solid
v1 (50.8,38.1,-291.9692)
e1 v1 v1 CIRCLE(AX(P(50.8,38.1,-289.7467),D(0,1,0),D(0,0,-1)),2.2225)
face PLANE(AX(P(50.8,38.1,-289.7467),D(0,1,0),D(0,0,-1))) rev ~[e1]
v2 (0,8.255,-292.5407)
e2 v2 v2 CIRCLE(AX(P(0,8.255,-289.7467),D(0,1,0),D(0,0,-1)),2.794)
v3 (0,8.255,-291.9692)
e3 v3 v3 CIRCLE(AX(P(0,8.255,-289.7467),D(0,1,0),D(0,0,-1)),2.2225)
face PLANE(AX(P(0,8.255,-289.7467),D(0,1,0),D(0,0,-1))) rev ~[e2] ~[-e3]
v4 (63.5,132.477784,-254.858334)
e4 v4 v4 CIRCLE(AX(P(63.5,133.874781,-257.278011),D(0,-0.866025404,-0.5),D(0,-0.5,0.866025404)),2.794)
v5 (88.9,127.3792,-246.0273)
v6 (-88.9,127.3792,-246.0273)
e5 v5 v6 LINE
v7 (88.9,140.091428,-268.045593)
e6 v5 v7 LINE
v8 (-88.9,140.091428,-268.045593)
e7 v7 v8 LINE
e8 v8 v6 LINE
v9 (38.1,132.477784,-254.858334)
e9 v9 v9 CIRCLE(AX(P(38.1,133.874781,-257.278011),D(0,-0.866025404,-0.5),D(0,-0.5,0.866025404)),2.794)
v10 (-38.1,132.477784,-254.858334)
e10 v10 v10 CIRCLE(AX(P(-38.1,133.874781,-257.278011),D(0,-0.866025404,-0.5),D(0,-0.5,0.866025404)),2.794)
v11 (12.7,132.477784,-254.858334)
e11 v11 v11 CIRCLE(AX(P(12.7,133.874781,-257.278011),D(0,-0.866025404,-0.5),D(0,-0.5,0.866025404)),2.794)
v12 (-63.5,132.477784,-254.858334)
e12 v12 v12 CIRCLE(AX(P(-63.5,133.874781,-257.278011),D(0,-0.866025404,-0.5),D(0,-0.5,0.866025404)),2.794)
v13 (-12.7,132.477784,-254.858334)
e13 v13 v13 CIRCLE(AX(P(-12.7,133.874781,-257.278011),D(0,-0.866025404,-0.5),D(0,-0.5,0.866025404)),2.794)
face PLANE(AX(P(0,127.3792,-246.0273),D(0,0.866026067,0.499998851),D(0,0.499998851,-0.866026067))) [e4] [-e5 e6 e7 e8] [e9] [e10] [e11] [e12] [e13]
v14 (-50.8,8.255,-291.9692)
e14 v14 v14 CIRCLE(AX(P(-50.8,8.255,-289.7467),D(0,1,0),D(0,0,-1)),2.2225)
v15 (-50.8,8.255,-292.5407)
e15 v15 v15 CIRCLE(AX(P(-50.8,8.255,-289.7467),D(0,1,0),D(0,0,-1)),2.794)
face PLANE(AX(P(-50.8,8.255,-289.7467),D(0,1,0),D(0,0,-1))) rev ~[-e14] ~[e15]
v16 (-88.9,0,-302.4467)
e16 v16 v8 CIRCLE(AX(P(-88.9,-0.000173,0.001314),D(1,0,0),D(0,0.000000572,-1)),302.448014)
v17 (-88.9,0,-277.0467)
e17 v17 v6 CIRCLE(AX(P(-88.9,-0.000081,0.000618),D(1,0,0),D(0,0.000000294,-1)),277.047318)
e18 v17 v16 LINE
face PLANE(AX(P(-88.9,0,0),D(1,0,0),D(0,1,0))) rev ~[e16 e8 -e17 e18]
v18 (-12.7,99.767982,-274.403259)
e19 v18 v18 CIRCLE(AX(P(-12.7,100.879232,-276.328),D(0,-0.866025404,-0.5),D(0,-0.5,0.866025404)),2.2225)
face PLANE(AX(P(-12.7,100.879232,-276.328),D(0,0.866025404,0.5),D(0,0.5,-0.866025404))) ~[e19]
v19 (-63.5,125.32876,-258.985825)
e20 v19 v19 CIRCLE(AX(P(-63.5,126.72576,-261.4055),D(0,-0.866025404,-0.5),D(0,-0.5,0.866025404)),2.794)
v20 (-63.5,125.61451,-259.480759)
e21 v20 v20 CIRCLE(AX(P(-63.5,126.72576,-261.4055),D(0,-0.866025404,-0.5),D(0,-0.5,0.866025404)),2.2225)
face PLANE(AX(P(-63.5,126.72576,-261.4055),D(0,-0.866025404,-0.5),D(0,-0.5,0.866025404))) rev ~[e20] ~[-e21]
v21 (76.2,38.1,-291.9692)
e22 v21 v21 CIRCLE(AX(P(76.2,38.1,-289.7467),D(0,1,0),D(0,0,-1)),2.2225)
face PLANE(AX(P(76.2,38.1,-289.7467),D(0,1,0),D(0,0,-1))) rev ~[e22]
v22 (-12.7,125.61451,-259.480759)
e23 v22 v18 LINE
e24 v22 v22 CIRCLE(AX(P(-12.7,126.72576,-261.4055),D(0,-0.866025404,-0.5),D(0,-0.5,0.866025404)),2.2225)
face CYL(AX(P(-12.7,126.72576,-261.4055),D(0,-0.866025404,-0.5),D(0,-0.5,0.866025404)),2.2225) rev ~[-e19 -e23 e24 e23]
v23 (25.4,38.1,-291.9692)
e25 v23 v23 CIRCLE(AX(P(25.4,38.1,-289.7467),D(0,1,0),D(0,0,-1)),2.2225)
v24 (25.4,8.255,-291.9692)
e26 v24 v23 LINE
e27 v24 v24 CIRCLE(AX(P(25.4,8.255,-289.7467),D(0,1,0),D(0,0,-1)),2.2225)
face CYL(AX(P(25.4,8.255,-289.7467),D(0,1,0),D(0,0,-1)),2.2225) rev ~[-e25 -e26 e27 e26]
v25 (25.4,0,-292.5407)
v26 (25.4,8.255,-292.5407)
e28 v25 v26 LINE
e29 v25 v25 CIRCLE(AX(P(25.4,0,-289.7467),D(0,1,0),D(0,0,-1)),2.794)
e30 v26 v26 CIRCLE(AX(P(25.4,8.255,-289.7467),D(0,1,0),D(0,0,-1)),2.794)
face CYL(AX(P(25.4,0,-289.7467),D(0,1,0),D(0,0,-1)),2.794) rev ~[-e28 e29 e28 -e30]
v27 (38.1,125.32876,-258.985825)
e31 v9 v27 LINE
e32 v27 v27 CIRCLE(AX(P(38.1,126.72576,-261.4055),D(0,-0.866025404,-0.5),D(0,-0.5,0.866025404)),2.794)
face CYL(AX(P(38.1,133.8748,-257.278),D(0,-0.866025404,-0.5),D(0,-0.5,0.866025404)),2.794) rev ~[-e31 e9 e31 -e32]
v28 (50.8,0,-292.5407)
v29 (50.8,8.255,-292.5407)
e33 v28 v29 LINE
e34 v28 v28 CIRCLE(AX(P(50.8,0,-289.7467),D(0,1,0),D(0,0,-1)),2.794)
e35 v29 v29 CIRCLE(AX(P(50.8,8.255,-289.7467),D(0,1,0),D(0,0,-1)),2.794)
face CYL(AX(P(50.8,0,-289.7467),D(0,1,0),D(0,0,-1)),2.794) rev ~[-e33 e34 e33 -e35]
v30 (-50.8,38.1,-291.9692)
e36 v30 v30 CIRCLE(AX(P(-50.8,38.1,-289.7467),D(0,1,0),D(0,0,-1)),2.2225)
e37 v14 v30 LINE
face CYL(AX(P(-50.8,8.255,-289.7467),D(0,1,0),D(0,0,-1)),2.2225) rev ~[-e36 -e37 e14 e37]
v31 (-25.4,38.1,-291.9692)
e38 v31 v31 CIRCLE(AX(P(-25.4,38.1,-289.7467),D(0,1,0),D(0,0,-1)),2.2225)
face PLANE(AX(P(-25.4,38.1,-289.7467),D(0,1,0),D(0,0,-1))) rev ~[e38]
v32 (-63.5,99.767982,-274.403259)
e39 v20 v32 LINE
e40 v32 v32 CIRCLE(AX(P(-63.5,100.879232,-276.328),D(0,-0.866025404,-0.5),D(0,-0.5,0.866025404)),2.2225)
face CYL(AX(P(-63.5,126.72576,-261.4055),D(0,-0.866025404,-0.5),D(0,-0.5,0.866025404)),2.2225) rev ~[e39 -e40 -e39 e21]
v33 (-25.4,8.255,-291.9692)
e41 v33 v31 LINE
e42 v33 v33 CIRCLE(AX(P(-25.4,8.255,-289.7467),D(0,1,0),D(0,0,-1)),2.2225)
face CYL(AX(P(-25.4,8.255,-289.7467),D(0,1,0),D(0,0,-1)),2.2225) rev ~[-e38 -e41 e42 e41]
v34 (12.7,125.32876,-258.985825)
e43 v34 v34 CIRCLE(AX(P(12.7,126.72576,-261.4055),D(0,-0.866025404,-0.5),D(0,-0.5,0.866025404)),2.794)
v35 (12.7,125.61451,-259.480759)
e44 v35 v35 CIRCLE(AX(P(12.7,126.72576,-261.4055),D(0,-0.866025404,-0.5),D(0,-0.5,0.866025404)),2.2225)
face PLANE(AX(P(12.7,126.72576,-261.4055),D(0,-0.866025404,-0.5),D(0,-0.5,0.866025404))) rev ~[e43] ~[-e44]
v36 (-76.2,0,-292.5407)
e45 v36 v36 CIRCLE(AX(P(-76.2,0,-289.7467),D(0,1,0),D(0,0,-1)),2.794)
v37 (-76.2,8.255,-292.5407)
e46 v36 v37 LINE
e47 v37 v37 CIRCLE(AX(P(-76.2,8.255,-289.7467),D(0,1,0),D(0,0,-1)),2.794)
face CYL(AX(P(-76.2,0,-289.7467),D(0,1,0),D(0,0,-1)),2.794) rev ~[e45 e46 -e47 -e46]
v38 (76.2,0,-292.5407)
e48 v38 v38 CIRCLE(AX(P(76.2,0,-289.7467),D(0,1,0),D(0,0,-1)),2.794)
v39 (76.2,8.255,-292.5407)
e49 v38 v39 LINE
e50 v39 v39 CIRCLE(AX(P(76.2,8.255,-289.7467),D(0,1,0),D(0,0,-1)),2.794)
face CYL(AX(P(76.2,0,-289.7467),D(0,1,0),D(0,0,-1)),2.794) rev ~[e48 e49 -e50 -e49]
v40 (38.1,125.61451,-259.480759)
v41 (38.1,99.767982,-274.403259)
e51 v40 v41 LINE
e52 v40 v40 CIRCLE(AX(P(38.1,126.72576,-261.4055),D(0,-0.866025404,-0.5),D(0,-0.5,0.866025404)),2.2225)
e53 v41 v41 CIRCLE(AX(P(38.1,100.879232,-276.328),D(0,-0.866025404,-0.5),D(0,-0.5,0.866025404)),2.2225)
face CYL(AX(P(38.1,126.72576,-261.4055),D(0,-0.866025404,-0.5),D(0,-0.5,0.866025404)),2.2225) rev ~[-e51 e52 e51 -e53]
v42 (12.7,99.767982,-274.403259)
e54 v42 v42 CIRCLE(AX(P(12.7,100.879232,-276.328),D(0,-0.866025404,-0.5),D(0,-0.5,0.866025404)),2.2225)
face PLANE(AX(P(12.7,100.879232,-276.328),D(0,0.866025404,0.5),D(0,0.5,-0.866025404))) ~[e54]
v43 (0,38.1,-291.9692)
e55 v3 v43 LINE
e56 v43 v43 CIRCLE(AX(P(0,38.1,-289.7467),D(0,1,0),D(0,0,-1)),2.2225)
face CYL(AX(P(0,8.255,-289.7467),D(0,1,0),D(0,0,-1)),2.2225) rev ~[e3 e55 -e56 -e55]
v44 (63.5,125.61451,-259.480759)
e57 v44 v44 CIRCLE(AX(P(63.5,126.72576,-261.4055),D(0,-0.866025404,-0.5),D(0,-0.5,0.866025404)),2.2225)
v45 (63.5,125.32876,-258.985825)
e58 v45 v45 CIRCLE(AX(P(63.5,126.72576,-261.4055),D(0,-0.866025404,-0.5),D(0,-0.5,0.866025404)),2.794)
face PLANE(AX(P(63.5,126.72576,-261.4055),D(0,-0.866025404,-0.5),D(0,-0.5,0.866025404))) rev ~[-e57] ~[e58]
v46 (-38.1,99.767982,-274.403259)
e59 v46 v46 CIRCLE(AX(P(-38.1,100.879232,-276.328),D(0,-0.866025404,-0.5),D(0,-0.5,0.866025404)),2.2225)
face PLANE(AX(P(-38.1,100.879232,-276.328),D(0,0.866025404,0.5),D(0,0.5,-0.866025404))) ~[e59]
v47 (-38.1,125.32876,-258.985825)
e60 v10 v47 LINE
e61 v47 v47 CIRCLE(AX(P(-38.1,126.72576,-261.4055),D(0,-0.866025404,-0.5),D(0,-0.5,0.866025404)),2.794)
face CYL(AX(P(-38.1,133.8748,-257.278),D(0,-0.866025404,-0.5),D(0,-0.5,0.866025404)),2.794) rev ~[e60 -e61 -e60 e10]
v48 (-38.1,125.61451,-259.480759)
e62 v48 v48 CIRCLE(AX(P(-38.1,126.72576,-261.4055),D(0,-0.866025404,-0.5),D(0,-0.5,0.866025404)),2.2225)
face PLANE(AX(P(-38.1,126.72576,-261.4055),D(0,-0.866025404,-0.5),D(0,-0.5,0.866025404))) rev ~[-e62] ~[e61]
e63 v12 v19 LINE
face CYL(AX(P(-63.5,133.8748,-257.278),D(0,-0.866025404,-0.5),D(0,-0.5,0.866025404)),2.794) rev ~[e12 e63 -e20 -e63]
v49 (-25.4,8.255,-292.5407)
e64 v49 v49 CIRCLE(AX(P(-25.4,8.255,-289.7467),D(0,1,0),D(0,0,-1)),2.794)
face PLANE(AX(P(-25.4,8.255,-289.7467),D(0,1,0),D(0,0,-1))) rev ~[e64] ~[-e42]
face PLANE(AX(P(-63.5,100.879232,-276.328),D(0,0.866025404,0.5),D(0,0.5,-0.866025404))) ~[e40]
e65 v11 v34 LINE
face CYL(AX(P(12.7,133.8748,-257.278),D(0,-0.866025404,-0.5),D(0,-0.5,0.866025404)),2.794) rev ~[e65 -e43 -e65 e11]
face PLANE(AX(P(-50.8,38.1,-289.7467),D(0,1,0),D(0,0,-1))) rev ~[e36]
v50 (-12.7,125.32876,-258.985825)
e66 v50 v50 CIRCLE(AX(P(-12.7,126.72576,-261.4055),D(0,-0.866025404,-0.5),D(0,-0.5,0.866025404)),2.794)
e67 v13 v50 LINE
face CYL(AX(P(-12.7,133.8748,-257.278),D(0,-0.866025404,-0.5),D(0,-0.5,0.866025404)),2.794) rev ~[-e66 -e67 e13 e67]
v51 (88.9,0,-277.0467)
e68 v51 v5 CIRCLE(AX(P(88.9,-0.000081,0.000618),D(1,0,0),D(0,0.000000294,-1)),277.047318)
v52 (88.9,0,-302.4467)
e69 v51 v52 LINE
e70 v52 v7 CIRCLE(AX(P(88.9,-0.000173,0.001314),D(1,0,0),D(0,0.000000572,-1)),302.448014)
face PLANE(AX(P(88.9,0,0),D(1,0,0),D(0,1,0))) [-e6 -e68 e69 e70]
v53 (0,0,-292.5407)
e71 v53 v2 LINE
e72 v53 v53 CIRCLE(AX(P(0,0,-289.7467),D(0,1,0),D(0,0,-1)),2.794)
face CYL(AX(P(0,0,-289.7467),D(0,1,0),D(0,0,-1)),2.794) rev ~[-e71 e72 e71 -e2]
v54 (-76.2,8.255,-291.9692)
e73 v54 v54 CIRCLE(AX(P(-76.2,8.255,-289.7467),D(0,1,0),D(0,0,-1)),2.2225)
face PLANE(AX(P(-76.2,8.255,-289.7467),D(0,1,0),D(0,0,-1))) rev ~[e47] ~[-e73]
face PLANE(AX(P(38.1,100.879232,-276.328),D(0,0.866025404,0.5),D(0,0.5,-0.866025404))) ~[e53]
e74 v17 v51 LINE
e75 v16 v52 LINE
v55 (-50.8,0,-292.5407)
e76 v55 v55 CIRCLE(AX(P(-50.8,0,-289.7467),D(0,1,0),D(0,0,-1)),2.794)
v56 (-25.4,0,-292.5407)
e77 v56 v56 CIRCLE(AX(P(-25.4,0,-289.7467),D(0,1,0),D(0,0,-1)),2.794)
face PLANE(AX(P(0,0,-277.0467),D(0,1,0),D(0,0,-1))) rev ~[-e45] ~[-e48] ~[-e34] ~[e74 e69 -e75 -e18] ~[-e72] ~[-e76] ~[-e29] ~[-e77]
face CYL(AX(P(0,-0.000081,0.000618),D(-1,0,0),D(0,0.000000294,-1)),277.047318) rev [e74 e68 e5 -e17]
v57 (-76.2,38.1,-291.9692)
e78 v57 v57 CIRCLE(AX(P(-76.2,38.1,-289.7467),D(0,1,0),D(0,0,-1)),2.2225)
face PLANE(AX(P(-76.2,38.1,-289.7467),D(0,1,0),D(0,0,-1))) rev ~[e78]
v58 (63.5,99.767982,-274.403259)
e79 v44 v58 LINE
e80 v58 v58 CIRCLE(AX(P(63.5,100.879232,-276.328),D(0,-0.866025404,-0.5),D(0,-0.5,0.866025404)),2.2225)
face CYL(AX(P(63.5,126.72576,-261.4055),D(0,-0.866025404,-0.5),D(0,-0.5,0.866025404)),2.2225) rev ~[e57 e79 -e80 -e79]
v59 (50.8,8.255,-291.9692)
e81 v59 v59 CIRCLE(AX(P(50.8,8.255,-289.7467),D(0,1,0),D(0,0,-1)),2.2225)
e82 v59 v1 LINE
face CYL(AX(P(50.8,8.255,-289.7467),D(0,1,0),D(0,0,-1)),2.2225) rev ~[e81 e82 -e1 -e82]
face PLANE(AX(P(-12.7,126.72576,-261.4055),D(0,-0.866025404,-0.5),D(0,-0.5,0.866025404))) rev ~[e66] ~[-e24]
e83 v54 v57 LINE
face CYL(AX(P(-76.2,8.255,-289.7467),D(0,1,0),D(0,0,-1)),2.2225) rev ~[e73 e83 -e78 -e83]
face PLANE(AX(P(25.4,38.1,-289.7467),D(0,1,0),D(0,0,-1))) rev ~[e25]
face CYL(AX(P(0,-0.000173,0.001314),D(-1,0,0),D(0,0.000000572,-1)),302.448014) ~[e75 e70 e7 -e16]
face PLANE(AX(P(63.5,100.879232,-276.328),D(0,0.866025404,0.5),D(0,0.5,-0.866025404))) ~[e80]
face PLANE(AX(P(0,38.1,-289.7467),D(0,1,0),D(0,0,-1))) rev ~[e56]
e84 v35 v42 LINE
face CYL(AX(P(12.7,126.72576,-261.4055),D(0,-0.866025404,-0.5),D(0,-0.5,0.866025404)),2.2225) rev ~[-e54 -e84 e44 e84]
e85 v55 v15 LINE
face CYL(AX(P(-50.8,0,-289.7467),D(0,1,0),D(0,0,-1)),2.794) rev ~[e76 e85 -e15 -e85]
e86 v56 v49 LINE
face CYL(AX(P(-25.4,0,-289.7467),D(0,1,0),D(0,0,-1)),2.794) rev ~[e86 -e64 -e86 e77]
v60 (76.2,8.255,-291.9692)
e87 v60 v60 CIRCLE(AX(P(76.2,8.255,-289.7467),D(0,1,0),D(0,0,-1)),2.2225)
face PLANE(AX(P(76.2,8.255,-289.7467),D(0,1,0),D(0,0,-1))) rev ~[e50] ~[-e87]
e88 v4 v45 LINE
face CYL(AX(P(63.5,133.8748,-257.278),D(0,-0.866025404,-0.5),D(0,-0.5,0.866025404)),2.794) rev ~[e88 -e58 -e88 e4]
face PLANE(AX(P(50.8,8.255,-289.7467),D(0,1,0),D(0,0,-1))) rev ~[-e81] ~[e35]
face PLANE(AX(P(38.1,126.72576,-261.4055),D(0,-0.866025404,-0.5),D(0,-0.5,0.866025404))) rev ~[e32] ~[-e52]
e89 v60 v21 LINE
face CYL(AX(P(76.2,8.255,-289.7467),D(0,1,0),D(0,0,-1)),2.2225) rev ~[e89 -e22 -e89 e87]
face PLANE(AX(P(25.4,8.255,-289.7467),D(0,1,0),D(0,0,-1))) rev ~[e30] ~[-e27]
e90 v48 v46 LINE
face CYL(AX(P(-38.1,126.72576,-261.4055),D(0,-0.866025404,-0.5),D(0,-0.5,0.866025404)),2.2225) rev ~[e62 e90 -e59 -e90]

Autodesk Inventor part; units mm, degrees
ref_plane "YZ Plane" through (0, 0, 0) normal (1, 0, 0) x (0, 1, 0)
ref_plane "XZ Plane" through (0, 0, 0) normal (0, 1, 0) x (-1, 0, 0)
ref_plane "XY Plane" through (0, 0, 0) normal (0, 0, 1) x (1, 0, 0)
sketch "Sketch1" plane through (0, 0, 0) normal (1, 0, 0) x (0, 1, 0)
  arc A0 (0, -277.0467) -> (138.5234, -239.9295) centre (0, 0) ccw
  arc A1 (0, -302.4467) -> (151.2234, -261.9266) centre (0, 0) ccw
  line L0 (138.5234, -239.9295) -> (151.2234, -261.9266)
  line L1 (0, -277.0467) -> (0, -302.4467)
  line L2 (127.3792, -246.0273) -> (140.2248, -268.2766)
  line L3 (140.2248, -268.2766) -> (162.2219, -255.5766)
  line L4 (162.2219, -255.5766) -> (149.5219, -233.5795)
  line L5 (149.5219, -233.5795) -> (127.5248, -246.2795)
  line L6 (127.5248, -246.2795) -> (162.2219, -255.5766) construction
  line L7 (140.2248, -268.2766) -> (149.5219, -233.5795) construction
  point P0 (144.8734, -250.928)
  point P1 (140.0915, -268.0455)
  dimension "d1" = 277.0467
  dimension "d2" = 30
  dimension "d4" = 25.4
  dimension "d5" = 25.4
extrude "Extrusion1" add sketch "Sketch1" along normal mid plane 177.8 contours A0 L2 A1 L1
sketch "Sketch2" plane through (-88.9, 0, -302.4467) normal (0, -1, 0) x (1, 0, 0)
  line L0 (177.8, 0) -> (0, 0) projected
  line L1 (177.8, 25.4) -> (177.8, 0) projected
  point P0 (88.9, 302.4467)
  point P1 (165.1, 12.7)
  dimension "d8" = 12.7
  dimension "d9" = 12.7
hole "Hole1" at (76.2, 0, -289.7467) direction (0, 1, 0) diameter 4.445 depth 38.1 counterbore diameter 5.588 counterbore depth 8.255
sketch "Sketch3" plane through (-88.9, 127.3792, -246.0273) normal (0, 0.866, 0.5) x (1, 0, 0)
  line L0 (88.9, 0) -> (88.9, 25.6912) projected
  line L1 (177.8, 25.4245) -> (177.8, 0) projected
  point P0 (88.9, -276.7555)
  point P1 (152.4, 12.9912)
  dimension "d17" = 25.4
  dimension "d18" = 12.7
hole "Hole2" at (63.5, 133.8748, -257.278) direction (0, -0.866, -0.5) diameter 4.445 depth 38.1 counterbore diameter 5.588 counterbore depth 8.255
pattern_linear "Rectangular Pattern1" count 7 spacing 25.4 along (-1, 0, 0) of "Hole1"
pattern_linear "Rectangular Pattern2" count 6 spacing 25.4 along (-1, 0, 0) of "Hole2"
properties part number "HoodBrace"
